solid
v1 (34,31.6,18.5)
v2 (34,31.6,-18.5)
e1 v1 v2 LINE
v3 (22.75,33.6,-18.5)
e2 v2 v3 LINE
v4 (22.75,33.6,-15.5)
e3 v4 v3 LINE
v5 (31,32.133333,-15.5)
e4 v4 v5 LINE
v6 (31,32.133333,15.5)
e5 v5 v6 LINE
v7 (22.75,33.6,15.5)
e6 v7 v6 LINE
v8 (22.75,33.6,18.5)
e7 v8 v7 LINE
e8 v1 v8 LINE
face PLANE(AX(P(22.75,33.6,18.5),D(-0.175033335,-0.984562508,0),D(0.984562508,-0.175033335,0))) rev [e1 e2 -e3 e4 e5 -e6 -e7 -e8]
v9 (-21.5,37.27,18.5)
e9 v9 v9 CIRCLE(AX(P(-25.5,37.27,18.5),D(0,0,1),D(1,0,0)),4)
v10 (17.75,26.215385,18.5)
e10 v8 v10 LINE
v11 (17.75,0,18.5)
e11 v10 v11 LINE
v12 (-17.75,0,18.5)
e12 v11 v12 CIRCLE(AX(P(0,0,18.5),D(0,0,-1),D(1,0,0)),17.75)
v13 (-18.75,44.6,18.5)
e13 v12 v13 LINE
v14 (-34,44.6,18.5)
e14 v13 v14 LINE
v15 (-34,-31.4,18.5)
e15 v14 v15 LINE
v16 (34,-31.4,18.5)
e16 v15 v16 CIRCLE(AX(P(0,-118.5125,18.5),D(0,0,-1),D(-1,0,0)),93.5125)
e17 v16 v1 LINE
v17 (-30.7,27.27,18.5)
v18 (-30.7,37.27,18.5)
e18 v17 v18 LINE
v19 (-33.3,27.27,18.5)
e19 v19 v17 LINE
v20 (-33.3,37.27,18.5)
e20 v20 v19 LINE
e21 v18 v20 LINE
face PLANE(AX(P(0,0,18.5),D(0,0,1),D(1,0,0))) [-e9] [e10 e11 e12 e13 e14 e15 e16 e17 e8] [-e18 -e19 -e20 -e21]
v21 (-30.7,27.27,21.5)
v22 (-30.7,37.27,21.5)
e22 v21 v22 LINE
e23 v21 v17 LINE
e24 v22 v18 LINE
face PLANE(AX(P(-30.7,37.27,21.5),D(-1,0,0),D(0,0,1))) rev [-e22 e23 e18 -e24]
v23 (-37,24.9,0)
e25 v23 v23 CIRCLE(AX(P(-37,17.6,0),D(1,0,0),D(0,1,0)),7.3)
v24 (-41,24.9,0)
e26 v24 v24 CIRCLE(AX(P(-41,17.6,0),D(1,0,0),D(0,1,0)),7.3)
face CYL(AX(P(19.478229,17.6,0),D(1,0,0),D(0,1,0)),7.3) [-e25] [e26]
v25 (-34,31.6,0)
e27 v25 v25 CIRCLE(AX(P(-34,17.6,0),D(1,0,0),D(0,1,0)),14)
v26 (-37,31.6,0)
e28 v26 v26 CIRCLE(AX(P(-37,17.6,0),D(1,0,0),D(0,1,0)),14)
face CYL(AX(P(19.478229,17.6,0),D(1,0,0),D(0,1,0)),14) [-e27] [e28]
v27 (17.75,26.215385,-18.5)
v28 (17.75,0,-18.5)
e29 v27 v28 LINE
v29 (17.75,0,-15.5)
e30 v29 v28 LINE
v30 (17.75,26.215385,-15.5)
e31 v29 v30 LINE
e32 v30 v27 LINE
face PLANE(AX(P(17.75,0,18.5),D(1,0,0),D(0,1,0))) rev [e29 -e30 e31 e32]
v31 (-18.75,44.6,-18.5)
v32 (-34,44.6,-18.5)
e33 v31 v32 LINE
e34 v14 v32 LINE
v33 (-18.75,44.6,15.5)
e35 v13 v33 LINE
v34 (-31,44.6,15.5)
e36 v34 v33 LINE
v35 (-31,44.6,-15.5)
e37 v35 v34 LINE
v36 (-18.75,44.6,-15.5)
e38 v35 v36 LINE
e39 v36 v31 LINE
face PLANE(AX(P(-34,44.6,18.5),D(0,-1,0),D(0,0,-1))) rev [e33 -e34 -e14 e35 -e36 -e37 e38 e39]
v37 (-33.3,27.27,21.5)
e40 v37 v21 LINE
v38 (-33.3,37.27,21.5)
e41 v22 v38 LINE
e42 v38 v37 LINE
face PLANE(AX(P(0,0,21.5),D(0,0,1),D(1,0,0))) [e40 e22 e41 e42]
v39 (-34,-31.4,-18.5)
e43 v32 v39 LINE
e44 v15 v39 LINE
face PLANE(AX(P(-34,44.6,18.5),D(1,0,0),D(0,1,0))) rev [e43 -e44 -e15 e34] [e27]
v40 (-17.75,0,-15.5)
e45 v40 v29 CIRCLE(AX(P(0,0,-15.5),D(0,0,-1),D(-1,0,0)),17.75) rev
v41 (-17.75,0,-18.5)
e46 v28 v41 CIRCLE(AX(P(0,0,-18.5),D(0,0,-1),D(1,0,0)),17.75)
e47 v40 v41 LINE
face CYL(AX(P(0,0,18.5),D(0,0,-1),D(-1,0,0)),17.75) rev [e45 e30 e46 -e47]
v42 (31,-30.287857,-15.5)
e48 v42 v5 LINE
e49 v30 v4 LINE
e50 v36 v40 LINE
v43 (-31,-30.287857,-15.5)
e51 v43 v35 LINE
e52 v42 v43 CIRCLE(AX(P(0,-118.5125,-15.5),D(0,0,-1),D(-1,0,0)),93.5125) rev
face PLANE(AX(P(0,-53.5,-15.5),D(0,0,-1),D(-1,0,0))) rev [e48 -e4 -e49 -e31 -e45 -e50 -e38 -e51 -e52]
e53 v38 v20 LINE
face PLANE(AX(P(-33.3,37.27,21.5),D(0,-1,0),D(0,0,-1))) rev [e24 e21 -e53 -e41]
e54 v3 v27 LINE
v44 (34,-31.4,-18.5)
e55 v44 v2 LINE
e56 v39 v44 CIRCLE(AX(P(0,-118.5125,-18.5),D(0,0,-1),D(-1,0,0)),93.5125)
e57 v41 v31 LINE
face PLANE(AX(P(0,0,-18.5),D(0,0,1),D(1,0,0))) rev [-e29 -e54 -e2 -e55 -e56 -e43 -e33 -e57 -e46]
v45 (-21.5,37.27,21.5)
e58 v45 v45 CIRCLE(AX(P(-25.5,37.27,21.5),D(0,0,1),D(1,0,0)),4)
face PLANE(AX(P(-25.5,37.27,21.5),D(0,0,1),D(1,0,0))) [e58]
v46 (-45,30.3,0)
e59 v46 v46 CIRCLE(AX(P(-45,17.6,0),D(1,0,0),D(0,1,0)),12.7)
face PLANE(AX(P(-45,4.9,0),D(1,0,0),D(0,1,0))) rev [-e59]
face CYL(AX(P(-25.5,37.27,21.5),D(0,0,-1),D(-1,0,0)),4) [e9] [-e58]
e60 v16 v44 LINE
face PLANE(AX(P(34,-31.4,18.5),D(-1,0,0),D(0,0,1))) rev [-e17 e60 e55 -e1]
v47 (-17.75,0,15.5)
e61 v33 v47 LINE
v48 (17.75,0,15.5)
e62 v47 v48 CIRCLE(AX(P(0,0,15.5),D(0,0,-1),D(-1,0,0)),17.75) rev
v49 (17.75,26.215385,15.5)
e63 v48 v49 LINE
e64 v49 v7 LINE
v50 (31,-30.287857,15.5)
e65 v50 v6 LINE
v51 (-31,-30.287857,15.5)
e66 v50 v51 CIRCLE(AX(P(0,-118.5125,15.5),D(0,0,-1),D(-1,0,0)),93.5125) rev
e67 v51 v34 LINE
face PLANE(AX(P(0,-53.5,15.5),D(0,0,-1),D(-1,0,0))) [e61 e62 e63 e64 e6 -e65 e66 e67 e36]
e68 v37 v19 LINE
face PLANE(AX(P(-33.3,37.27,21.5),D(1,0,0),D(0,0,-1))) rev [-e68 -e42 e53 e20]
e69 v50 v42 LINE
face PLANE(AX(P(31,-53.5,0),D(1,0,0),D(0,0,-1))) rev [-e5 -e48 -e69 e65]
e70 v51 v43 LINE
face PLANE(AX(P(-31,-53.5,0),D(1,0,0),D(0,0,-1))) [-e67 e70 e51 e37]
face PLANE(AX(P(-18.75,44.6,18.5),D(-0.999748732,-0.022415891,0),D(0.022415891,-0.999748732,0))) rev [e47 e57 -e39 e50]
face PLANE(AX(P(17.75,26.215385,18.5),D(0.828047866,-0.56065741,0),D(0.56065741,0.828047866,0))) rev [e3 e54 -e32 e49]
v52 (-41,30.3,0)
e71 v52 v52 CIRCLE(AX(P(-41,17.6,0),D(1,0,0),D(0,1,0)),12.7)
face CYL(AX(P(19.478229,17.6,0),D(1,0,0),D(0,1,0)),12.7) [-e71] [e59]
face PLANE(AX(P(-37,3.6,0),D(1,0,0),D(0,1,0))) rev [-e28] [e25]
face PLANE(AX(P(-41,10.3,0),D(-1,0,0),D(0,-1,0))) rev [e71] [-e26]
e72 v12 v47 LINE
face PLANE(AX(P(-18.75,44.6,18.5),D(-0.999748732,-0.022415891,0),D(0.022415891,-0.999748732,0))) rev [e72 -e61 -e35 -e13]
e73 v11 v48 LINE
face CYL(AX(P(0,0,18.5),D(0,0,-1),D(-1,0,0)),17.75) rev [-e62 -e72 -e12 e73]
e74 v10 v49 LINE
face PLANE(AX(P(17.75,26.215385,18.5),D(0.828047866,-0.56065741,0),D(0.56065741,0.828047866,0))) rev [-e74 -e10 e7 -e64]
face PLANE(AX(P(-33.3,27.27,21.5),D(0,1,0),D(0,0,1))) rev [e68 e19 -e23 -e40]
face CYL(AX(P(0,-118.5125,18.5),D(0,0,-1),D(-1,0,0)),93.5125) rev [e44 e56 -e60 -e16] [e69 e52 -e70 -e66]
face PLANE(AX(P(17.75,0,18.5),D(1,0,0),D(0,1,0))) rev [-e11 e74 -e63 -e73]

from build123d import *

# Parameters (mm, degrees)
SALIENTE_EXTRUIR1_DEPTH = 18.5
CORTAR_EXTRUIR1_DEPTH   = 53.5
CROQUIS4_R              = 4
CROQUIS4_W              = 2.6
CROQUIS4_H              = 10
SALIENTE_EXTRUIR3_DEPTH = 3


with BuildPart() as part:
    # Croquis1 → Saliente-Extruir1 (new, symmetric)
    with BuildSketch(Plane.XY):
        with BuildLine():
            Line((-34, 44.6), (-34, -31.4))
            ThreePointArc((-34, -31.4), (0, -25), (34, -31.4))
            Line((34, -31.4), (34, 31.6))
            Line((34, 31.6), (22.75, 33.6))
            Line((22.75, 33.6), (17.75, 26.215384615))
            Line((17.75, 26.215384615), (17.75, 0))
            ThreePointArc((17.75, 0), (0, -17.75), (-17.75, 0))
            Line((-17.75, 0), (-18.75, 44.6))
            Line((-18.75, 44.6), (-34, 44.6))
        make_face()
    extrude(amount=SALIENTE_EXTRUIR1_DEPTH, both=True)

    # Croquis2 → Cortar-Extruir1 (cut, symmetric)
    with BuildSketch(Plane(origin=(0, 0, 0), x_dir=(1, 0, 0), z_dir=(0, 1, 0))):
        Polygon((-18.75, -15.5), (-31, -15.5), (-31, 15.5), (-18.75, 15.5), (-17.75, 15.5), (17.75, 15.5), (22.75, 15.5), (31, 15.5), (31, -15.5), (22.75, -15.5), (17.75, -15.5), (-17.75, -15.5), align=None)
    extrude(amount=CORTAR_EXTRUIR1_DEPTH, both=True, mode=Mode.SUBTRACT)

    # Croquis3 → Revolución1 (revolve)
    with BuildSketch(Plane.XY, mode=Mode.PRIVATE) as revoluci_n1_sk:
        Polygon((-34, 17.6), (-34, 3.6), (-37, 3.6), (-37, 10.3), (-41, 10.3), (-41, 4.9), (-45, 4.9), (-45, 17.6), align=None)
    revolve(revoluci_n1_sk.sketch.rotate(Axis((19.47822933, 17.6, 0), (-1, 0, 0)), 180), axis=Axis((19.47822933, 17.6, 0), (-1, 0, 0)))

    # Croquis4 → Saliente-Extruir3 (add)
    with BuildSketch(Plane.XY.offset(18.5)):
        with Locations((-25.5, 37.27)):
            Circle(CROQUIS4_R)
        with Locations((-32, 32.27)):
            Rectangle(CROQUIS4_W, CROQUIS4_H)
    extrude(amount=SALIENTE_EXTRUIR3_DEPTH)


solid = part.part
